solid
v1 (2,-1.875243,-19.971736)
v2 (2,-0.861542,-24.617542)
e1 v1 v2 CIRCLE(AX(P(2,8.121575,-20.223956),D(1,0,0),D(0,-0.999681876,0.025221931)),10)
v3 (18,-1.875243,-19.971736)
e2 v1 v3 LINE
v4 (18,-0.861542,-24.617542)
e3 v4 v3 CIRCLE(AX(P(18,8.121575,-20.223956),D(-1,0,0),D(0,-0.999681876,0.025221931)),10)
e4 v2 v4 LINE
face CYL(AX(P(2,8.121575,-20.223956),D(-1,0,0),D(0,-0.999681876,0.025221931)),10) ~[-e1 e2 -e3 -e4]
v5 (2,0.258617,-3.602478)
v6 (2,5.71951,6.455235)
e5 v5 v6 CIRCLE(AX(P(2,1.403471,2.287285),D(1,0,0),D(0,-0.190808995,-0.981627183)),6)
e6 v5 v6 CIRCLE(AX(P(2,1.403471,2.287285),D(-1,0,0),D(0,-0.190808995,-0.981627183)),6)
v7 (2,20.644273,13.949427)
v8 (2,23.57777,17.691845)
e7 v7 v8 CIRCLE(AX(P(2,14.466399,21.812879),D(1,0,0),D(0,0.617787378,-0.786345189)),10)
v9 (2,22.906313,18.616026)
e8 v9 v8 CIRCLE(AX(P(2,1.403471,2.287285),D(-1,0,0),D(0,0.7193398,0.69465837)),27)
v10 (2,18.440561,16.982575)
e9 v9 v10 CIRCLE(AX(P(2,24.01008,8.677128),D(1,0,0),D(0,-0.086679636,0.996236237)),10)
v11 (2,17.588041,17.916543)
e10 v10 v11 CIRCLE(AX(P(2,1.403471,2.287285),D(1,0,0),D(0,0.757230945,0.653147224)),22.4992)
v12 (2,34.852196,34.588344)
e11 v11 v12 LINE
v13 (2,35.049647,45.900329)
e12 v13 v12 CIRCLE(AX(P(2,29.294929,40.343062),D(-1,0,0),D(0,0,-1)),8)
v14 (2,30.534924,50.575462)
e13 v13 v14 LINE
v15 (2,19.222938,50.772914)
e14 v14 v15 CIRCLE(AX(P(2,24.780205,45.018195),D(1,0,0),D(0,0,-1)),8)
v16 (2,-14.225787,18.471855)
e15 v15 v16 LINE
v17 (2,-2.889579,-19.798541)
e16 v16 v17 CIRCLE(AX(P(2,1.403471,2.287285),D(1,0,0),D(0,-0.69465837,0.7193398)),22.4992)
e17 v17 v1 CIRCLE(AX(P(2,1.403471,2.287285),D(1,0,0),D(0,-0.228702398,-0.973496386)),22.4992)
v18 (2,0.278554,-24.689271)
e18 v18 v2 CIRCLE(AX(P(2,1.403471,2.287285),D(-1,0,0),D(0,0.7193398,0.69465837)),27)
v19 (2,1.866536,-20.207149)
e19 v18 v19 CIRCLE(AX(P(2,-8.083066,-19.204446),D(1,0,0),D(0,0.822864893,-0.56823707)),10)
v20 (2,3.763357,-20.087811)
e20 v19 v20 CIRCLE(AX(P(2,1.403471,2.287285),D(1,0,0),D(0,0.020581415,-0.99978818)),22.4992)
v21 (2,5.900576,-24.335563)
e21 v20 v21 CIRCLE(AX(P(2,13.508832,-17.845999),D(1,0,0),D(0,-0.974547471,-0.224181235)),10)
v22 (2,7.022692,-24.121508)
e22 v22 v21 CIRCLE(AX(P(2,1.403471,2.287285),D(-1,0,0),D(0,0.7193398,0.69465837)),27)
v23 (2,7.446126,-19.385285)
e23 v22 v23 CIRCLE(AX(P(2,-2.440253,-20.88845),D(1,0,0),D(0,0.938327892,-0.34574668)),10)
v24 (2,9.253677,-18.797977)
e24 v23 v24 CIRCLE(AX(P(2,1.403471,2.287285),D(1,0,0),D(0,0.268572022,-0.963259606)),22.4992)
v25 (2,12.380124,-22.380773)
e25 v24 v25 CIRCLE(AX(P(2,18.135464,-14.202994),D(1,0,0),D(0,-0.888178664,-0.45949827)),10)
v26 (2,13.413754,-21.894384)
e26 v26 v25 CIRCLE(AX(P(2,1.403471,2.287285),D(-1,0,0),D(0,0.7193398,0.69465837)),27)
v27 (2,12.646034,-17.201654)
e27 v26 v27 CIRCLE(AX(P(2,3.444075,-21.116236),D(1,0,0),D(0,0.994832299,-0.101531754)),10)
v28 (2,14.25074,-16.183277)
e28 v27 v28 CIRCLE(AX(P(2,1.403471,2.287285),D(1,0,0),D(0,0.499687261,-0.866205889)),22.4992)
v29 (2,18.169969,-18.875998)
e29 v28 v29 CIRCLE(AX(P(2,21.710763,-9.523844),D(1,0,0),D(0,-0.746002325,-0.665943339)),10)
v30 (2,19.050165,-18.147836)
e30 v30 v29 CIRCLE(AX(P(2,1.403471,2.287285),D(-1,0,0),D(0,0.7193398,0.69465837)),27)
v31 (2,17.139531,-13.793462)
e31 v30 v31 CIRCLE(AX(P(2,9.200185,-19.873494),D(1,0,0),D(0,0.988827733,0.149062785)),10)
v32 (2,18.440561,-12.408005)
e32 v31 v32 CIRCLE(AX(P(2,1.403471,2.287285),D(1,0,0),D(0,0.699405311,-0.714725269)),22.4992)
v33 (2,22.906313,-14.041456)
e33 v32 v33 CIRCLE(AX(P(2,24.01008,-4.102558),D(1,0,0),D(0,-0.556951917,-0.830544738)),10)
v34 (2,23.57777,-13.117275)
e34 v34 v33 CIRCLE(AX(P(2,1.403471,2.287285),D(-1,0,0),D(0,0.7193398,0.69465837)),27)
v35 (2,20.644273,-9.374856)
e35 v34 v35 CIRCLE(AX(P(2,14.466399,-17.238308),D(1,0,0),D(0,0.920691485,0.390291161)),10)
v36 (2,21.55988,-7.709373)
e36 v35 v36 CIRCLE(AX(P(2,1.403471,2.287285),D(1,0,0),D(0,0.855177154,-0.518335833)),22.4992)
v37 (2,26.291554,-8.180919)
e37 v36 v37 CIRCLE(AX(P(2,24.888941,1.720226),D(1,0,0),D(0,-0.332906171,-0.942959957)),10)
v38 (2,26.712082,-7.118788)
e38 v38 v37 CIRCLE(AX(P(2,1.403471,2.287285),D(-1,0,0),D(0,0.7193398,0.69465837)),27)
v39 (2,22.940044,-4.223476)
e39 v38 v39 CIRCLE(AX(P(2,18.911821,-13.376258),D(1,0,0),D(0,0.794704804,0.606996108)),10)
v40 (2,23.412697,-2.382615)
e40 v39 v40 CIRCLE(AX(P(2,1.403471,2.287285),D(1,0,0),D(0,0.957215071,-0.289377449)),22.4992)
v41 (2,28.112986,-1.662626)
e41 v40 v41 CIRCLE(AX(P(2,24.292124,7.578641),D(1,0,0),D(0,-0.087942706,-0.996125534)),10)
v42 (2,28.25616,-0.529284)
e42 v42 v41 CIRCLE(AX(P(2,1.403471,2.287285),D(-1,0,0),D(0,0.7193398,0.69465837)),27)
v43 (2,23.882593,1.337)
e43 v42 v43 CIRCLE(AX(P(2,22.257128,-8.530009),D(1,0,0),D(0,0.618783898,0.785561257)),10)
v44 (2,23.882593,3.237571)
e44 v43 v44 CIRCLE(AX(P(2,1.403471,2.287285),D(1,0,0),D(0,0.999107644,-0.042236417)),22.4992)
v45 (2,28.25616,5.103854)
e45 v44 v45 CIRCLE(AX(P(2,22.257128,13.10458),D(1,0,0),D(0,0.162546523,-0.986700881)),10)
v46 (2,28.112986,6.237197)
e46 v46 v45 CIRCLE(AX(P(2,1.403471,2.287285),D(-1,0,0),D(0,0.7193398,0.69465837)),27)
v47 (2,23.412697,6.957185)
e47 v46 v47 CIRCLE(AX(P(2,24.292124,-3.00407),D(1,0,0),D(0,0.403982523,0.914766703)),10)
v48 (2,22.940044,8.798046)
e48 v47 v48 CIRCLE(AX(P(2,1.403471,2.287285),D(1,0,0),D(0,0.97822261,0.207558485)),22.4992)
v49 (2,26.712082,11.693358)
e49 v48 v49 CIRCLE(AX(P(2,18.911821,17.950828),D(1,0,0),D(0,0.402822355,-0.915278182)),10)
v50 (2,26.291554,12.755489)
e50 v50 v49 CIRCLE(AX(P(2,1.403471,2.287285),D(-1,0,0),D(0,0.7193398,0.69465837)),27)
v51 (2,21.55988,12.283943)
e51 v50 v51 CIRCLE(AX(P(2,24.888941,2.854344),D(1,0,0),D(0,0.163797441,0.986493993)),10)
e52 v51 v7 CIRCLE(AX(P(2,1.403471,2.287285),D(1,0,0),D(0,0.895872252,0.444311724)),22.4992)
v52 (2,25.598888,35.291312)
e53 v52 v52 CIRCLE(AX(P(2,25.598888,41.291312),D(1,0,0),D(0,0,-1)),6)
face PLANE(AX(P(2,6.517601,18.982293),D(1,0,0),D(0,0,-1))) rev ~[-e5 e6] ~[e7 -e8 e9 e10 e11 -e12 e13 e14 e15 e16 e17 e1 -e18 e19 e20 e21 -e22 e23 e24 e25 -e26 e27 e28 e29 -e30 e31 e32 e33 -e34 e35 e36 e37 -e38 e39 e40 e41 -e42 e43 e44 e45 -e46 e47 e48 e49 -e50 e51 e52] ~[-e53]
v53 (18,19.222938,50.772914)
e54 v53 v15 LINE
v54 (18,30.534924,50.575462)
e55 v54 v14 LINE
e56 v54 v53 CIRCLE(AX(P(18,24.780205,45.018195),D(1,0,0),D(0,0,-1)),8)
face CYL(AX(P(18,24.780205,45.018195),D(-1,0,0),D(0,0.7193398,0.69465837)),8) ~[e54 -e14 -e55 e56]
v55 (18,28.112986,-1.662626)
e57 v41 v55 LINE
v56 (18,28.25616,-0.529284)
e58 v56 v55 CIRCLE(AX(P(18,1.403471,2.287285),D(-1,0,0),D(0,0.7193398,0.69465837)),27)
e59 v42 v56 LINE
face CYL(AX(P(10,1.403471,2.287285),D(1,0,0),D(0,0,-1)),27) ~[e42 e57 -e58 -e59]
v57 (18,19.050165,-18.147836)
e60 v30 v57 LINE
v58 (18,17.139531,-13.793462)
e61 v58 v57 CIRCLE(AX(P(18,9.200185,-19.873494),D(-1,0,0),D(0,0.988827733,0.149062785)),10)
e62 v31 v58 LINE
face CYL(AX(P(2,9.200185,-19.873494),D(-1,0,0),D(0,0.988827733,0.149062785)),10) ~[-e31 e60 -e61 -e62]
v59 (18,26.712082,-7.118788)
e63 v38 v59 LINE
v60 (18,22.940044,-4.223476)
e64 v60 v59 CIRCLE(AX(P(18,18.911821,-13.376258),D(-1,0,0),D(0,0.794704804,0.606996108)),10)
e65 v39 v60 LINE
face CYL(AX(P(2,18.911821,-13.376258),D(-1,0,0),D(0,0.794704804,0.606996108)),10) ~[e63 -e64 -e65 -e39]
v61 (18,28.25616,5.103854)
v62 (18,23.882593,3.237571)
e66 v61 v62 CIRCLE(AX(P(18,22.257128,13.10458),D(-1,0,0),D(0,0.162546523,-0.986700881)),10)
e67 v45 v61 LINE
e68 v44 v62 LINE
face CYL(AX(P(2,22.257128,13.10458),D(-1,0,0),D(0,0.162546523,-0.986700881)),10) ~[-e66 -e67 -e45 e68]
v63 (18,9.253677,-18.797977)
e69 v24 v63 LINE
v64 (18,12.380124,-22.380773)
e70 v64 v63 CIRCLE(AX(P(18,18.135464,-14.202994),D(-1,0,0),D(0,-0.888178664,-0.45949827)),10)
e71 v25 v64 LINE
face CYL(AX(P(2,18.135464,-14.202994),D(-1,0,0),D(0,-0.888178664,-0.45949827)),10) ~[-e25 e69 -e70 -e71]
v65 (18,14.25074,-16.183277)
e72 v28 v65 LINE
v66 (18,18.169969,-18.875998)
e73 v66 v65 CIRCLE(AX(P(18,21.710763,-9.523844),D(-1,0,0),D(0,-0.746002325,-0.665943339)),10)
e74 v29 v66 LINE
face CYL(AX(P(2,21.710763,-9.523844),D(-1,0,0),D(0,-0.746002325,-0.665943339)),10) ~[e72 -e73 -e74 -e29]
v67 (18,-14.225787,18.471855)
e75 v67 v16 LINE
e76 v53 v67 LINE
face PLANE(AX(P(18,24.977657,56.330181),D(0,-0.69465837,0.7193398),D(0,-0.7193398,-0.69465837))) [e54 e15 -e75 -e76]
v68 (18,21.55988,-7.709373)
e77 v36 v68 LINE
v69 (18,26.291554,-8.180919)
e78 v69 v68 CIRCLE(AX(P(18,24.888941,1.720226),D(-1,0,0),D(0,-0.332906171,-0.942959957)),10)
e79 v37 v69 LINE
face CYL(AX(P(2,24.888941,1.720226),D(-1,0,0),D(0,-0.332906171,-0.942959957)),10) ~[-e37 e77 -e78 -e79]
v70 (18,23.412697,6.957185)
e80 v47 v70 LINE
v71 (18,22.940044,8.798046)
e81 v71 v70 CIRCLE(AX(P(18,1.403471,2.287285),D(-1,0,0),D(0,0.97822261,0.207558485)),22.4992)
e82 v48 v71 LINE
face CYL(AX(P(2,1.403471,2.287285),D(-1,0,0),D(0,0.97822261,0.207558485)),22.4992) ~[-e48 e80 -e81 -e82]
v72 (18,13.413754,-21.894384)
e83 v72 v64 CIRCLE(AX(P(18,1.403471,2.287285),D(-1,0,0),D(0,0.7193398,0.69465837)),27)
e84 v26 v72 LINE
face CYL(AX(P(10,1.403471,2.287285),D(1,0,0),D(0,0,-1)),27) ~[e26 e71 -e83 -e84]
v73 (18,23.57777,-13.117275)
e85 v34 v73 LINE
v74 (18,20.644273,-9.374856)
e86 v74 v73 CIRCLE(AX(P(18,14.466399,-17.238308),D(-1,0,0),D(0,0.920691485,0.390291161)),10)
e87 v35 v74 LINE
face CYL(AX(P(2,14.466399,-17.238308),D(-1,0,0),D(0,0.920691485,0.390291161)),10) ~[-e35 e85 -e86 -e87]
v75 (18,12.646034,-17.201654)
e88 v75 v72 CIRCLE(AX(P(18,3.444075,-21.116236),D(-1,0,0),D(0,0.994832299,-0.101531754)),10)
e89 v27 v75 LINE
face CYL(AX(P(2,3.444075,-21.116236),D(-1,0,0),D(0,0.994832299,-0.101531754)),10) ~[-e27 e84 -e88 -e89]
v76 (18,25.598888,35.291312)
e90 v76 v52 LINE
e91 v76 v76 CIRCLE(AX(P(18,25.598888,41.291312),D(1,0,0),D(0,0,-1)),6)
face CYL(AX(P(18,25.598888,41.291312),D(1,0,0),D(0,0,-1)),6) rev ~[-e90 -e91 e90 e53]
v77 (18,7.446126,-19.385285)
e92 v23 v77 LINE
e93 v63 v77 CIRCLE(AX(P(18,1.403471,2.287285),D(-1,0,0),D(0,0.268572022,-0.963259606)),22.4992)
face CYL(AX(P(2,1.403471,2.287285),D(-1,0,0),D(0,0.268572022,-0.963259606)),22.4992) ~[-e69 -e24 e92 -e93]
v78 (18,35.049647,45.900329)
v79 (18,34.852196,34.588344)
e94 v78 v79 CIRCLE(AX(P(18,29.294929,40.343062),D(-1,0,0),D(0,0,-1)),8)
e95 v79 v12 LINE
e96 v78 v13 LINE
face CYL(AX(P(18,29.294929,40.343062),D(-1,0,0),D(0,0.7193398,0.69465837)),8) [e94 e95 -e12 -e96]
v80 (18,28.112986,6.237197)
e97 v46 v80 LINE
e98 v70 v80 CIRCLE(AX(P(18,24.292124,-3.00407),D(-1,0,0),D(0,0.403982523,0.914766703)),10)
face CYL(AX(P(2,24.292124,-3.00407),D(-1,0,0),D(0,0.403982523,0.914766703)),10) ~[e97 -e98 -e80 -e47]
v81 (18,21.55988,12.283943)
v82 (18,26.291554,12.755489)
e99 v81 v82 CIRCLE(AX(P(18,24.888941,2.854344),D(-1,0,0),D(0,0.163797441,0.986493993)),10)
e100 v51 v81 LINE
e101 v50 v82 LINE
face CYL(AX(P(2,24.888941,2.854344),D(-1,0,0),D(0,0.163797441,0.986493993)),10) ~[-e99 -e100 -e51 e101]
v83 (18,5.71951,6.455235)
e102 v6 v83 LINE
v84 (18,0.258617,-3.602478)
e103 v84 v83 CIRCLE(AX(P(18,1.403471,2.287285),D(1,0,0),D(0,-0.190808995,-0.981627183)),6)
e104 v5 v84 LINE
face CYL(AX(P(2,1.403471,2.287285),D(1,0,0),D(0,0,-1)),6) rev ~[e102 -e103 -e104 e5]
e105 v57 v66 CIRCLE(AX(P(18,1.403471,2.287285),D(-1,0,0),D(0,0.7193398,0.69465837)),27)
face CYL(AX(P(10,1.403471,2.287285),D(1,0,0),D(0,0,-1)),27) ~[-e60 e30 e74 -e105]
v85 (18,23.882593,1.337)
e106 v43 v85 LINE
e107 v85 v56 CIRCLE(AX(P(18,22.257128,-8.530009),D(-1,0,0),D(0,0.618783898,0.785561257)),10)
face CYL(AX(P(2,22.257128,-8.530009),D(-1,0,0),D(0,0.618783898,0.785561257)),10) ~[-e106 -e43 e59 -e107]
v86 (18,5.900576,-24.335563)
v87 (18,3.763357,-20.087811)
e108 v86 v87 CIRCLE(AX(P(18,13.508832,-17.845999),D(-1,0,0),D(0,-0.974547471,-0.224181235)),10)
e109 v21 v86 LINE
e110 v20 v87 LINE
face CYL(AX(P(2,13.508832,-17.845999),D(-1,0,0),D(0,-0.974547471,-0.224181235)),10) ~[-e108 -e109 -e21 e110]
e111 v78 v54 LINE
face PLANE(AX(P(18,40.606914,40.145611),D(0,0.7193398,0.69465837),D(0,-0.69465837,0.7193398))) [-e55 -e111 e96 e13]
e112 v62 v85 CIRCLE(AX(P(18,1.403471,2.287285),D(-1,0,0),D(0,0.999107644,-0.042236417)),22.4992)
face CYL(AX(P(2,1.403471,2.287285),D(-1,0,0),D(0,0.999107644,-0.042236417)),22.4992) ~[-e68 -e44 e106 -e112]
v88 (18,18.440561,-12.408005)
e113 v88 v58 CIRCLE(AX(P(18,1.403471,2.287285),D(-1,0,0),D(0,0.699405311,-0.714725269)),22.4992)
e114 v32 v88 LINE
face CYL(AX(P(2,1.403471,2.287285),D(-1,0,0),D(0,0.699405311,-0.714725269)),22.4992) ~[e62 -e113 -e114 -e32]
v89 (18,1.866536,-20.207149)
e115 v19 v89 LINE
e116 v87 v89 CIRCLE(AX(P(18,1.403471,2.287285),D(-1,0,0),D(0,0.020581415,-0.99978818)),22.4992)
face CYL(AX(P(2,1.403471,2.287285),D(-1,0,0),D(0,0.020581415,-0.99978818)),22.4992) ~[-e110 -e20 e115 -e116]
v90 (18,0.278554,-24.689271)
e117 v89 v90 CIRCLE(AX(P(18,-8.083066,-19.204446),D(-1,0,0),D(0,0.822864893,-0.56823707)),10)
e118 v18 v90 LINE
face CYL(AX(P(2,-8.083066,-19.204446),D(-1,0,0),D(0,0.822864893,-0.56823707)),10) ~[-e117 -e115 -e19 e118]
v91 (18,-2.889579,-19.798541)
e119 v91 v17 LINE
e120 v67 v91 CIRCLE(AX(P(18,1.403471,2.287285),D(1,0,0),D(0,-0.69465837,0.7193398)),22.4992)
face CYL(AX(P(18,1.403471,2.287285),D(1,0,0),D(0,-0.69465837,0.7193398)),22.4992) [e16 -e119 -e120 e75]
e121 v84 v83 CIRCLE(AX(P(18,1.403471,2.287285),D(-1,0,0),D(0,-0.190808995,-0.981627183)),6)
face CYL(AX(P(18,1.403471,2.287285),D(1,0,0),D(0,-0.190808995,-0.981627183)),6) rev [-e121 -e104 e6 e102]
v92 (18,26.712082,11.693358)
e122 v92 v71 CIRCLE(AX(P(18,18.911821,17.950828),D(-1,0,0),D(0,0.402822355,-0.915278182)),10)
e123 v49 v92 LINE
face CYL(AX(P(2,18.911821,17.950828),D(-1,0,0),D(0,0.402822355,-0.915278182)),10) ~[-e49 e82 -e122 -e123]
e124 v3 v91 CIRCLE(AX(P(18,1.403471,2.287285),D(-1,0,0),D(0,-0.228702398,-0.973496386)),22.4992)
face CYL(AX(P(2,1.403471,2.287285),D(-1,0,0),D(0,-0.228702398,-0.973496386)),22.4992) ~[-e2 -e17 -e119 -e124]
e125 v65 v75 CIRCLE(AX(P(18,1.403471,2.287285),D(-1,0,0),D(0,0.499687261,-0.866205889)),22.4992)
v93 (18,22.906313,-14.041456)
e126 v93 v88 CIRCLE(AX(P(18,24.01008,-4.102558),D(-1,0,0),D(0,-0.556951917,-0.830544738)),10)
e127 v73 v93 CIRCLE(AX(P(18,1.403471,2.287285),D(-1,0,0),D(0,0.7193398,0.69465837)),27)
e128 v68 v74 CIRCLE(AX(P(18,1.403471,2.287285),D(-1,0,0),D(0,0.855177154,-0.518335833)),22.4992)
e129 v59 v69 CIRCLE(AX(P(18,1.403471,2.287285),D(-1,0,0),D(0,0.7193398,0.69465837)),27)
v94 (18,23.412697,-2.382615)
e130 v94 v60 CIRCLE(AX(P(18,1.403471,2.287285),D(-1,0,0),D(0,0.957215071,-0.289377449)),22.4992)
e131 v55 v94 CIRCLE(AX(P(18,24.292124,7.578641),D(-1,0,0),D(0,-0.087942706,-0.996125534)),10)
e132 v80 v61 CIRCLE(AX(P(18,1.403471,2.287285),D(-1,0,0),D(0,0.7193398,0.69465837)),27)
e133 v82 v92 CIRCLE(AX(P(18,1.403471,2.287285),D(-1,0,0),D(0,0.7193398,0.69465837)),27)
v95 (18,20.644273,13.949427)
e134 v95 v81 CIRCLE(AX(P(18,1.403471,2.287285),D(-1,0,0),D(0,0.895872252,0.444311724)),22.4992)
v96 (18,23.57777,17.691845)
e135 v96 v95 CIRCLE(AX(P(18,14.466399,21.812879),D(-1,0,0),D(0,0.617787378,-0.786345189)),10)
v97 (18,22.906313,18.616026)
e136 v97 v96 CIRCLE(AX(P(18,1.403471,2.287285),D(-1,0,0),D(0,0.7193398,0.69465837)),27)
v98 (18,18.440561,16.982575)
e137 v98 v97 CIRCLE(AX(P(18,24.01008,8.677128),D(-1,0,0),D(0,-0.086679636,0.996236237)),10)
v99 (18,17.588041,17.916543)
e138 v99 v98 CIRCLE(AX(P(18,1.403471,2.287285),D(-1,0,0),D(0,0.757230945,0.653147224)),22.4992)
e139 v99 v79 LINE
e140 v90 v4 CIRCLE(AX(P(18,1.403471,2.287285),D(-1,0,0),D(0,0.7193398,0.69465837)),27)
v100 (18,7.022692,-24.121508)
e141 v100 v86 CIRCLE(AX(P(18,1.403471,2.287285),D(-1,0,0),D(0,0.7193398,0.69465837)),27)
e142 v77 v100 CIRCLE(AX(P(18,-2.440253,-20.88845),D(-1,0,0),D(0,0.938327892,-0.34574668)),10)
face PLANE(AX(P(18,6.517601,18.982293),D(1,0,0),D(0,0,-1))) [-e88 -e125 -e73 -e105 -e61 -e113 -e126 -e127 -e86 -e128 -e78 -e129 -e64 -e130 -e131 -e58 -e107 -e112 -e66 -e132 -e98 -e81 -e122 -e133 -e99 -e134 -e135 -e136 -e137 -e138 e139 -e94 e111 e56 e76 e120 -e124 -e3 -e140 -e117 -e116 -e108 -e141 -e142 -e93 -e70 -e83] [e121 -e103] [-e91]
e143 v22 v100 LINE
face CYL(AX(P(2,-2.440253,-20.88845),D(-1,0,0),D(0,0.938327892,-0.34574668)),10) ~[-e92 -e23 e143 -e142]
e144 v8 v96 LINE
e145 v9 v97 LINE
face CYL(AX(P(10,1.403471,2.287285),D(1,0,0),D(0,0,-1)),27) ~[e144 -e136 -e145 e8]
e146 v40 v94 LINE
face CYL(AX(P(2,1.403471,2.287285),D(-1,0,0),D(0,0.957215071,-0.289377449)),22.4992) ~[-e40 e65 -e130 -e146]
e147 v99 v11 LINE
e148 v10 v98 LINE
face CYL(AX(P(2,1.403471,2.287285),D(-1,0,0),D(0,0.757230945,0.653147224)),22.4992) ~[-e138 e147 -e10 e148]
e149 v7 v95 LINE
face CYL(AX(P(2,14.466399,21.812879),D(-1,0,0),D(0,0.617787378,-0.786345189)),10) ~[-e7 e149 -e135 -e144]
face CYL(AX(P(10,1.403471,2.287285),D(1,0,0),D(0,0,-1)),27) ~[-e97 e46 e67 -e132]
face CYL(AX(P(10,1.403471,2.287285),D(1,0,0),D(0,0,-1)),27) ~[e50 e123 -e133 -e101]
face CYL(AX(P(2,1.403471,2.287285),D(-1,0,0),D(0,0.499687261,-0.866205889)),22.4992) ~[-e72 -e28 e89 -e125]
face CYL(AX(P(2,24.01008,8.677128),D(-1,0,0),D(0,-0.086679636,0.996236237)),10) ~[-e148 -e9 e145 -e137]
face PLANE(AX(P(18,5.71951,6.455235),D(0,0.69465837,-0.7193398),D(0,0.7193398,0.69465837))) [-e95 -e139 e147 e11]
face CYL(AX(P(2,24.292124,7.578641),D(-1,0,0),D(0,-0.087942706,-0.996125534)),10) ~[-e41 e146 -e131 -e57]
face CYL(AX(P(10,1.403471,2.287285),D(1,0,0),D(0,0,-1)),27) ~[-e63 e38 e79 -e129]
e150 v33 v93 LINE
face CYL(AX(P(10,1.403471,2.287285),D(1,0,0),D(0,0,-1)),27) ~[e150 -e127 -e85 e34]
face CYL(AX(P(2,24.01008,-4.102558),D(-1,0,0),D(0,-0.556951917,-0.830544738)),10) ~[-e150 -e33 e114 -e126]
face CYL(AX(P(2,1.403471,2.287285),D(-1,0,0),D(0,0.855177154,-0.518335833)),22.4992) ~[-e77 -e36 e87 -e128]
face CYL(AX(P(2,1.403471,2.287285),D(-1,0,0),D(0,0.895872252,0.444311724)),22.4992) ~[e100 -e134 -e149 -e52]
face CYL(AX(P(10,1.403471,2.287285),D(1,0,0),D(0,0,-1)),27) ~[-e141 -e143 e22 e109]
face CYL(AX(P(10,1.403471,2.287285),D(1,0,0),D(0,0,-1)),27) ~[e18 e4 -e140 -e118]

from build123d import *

# Parameters (mm, degrees)
BASPROSKE_W                  = 20
BASPROSKE_H                  = 33.75
BASE_REVOLVE_ANGLE           = 134
BASE_REVOLVE_OTHER_WAY_ANGLE = 11
TOOTHCUT_DEPTH               = 52.750603861
TEETHCUTS_COUNT              = 25
TEETHCUTS_ANGLE              = 345.6
BORSKE_R                     = 7.5
BORE_DEPTH                   = 50.000508
BOSS_EXTRUDE1_DEPTH          = 20
SKETCH5_R                    = 7.5
CUT_EXTRUDE1_DEPTH           = 20
FILLET1_R                    = 10
FILLET2_R                    = 10
SCALE1_SCALE                 = 0.8


with BuildPart() as part:
    # BasProSke → Base-Revolve (revolve)
    with BuildSketch(Plane(origin=(0, 0, 0), x_dir=(1, 0, 0), z_dir=(0, 1, 0))):
        with Locations((10, 16.875)):
            Rectangle(BASPROSKE_W, BASPROSKE_H)
    revolve(axis=Axis((-10, 0, 0), (1, 0, 0)), revolution_arc=BASE_REVOLVE_ANGLE)

    # BasProSke → Base-Revolve other way (revolve)
    with BuildSketch(Plane(origin=(0, 0, 0), x_dir=(1, 0, 0), z_dir=(0, 1, 0))):
        with Locations((10, 16.875)):
            Rectangle(BASPROSKE_W, BASPROSKE_H)
    revolve(axis=Axis((-10, 0, 0), (-1, 0, 0)), revolution_arc=BASE_REVOLVE_OTHER_WAY_ANGLE)

    # TooCutSke → ToothCut (cut, through all)
    with BuildSketch(Plane(origin=(0, 0, 0), x_dir=(0, 0, -1), z_dir=(1, 0, 0))):
        with BuildLine():
            ThreePointArc((1.187856988, 28.098903391), (0, 28.124), (-1.187856988, 28.098903391))
            ThreePointArc((-1.187856988, 28.098903391), (-2.083835169, 31.109603364), (-3.702102288, 33.801870579))
            ThreePointArc((-3.702102288, 33.801870579), (0, 34.004), (3.702102288, 33.801870579))
            ThreePointArc((3.702102288, 33.801870579), (2.083835169, 31.109603364), (1.187856988, 28.098903391))
        make_face()
    toothcut = extrude(amount=TOOTHCUT_DEPTH, mode=Mode.SUBTRACT)

    # TeethCuts: ToothCut ×25 about axis
    teethcuts_axis = Axis((-10, 0, 0), (1, 0, 0))
    for i in range(1, TEETHCUTS_COUNT):
        add(toothcut.rotate(teethcuts_axis, i * TEETHCUTS_ANGLE / (TEETHCUTS_COUNT - 1)), mode=Mode.SUBTRACT)

    # BorSke → Bore (cut, symmetric)
    with BuildSketch(Plane(origin=(0, 0, 0), x_dir=(0, 0, -1), z_dir=(1, 0, 0))):
        Circle(BORSKE_R)
    extrude(amount=BORE_DEPTH, both=True, mode=Mode.SUBTRACT)

    # Sketch4 → Boss-Extrude1 (add)
    with BuildSketch(Plane(origin=(20, 0, 0), x_dir=(0, 0, -1), z_dir=(1, 0, 0))):
        with BuildLine():
            Line((-67.553619374, 29.467732547), (-20.230712545, -19.536572011))
            ThreePointArc((-20.230712545, -19.536572011), (7.987647554, -26.965846223), (27.607282907, -5.366312186))
            Line((27.607282907, -5.366312186), (7.362203876, -1.431067465))
            ThreePointArc((7.362203876, -1.431067465), (-3.578690702, -6.591128345), (-5.209937778, 5.395048503))
            Line((-5.209937778, 5.395048503), (-47.322906829, 49.004304558))
            Line((-47.322906829, 49.004304558), (-67.553619374, 29.467732547))
        make_face()
    extrude(amount=-BOSS_EXTRUDE1_DEPTH)

    # Sketch5 → Cut-Extrude1 (cut)
    with BuildSketch(Plane(origin=(20, 0, 0), x_dir=(0, 0, -1), z_dir=(1, 0, 0))):
        with Locations((-48.755033471, 30.244271049)):
            Circle(SKETCH5_R)
    extrude(amount=-CUT_EXTRUDE1_DEPTH, mode=Mode.SUBTRACT)

    # Fillet1
    fillet1_edges = [part.edges().sort_by_distance(p)[0] for p in [
        (10, 49.004304558, 47.322906829),
    ]]
    fillet(fillet1_edges, radius=FILLET1_R)

    # Fillet2
    fillet2_edges = [part.edges().sort_by_distance(p)[0] for p in [
        (10, 29.467732547, 67.553619374),
    ]]
    fillet(fillet2_edges, radius=FILLET2_R)


with BuildPart() as part_1:
    # Scale1: scaled about (10, 7.017353876, 11.436425522)
    add(part.part.scale(SCALE1_SCALE).moved(Location((2, 1.403470775, 2.287285104))))


solid = part_1.part
